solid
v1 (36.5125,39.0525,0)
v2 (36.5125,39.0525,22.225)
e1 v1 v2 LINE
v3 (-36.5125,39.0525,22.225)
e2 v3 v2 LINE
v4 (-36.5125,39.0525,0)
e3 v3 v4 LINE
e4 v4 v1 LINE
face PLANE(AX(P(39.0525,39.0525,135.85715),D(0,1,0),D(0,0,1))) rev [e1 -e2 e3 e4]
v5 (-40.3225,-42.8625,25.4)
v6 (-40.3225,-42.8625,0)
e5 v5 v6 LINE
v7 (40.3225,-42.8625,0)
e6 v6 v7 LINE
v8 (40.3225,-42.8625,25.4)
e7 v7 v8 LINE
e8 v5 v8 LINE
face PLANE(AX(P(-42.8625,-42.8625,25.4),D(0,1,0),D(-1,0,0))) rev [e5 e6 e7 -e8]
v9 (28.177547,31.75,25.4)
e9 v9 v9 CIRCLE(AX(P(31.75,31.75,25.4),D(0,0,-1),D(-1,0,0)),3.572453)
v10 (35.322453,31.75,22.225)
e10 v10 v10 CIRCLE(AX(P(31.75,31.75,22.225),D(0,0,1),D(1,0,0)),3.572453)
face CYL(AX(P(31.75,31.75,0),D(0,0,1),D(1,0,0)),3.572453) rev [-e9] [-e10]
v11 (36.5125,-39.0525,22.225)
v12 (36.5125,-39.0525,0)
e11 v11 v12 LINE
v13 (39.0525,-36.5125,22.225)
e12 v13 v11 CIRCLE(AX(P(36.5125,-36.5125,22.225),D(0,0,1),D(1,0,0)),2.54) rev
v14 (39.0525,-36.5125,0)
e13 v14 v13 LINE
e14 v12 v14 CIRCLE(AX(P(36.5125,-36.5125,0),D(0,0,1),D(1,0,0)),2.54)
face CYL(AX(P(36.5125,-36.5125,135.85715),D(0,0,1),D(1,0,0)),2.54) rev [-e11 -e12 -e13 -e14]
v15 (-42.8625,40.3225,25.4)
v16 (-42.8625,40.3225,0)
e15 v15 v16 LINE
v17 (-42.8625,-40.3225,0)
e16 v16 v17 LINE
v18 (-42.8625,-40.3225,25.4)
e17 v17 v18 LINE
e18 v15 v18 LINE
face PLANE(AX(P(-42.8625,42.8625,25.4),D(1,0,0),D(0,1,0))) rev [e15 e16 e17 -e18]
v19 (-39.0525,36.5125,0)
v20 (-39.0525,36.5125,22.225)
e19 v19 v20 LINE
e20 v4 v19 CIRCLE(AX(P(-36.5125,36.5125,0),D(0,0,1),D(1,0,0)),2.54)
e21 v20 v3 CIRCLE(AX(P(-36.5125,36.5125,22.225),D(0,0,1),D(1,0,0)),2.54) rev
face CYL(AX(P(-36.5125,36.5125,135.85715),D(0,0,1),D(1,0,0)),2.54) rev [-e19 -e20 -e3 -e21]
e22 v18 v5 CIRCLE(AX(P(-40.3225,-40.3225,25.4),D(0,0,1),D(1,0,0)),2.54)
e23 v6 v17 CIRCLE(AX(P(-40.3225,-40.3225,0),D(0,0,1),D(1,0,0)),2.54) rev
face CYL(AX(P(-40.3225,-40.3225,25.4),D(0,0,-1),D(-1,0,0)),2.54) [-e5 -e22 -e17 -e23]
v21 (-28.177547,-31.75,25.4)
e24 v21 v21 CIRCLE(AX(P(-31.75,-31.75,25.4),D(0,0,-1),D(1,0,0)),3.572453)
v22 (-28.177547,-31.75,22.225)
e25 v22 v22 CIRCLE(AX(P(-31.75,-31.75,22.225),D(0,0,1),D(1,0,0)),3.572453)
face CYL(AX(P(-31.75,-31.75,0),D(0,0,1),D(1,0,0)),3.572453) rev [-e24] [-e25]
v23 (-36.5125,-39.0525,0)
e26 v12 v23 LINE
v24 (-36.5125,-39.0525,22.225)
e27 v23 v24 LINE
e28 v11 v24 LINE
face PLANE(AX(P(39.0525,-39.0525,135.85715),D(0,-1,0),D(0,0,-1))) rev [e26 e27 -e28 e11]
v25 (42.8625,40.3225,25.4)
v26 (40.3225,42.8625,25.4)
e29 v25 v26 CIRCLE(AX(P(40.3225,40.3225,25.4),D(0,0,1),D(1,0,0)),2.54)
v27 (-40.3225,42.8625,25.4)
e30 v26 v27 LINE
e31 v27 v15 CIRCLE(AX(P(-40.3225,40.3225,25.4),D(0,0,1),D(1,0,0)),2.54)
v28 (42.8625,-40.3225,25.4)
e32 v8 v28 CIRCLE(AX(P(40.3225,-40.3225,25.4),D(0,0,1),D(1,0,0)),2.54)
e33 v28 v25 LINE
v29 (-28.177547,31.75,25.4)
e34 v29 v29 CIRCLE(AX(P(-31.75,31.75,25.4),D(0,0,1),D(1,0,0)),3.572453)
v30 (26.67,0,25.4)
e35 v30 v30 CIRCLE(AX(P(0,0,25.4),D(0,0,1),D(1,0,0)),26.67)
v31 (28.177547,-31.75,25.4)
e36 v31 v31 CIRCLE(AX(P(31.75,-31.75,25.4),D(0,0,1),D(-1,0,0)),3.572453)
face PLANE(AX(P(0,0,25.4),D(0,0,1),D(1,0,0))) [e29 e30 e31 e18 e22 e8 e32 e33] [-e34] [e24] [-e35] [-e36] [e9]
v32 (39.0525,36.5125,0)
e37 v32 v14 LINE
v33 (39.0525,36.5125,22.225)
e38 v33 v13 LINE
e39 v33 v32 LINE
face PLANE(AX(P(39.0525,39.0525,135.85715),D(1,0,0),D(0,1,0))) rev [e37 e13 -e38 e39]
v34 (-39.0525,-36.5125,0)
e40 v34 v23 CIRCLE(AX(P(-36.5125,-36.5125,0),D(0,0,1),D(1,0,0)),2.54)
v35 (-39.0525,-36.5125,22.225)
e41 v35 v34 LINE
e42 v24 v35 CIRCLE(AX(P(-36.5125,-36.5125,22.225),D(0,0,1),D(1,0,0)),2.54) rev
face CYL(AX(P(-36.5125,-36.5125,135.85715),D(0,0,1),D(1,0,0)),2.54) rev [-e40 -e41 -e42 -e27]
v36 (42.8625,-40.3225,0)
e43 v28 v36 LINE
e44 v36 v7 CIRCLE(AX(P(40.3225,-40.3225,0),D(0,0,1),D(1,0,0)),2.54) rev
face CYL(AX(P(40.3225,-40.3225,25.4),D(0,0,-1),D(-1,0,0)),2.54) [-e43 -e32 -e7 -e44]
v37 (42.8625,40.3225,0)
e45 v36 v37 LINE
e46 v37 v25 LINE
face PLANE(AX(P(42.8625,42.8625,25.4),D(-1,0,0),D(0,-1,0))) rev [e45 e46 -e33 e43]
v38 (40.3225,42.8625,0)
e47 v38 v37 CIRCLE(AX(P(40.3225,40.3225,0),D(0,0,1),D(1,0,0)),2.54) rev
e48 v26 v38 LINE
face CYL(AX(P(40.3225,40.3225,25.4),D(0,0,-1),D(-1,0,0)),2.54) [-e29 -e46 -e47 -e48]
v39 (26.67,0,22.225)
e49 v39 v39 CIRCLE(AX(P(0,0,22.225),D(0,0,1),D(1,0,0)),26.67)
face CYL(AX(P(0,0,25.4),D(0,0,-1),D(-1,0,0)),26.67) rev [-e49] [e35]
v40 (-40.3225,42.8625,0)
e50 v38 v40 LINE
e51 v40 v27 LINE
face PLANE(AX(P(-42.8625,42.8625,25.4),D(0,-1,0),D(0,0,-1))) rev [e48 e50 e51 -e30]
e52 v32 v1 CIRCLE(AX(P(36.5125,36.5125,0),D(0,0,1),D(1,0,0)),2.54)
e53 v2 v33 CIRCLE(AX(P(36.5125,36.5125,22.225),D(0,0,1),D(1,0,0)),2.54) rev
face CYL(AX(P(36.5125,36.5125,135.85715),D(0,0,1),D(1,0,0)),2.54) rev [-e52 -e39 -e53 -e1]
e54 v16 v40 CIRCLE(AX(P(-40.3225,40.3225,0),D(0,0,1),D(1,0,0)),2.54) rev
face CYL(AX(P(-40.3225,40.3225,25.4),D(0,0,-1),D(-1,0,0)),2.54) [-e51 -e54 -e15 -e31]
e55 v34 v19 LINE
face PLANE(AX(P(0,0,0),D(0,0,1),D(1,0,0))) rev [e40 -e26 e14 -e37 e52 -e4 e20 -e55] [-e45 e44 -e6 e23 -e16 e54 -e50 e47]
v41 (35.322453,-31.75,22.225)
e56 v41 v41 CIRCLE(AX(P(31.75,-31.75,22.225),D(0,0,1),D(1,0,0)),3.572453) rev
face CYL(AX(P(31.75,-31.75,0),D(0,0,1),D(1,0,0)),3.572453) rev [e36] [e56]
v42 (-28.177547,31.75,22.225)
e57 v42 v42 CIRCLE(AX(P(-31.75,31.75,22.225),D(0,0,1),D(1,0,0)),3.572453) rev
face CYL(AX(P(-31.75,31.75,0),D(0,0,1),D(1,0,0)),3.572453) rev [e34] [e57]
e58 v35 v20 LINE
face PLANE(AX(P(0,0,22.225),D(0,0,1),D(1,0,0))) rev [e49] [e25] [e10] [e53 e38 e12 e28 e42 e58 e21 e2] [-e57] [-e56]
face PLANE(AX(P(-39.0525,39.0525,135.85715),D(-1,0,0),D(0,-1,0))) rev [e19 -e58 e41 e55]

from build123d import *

# Parameters (mm, degrees)
SKETCH1_W               = 85.725
SKETCH1_H               = 85.725
SKETCH1_R               = 26.67
BOSS_EXTRUDE1_DEPTH     = 25.4
SKETCH2_R               = 3.572453457
CUT_EXTRUDE1_DEPTH      = 26.4
MIRROR2_COPY_1_SKETCH_R = 3.572453457
MIRROR2_COPY_1_DEPTH    = 26.4
SKETCH3_W               = 78.105
SKETCH3_H               = 78.105
CUT_EXTRUDE2_DEPTH      = 22.225
FILLET1_R               = 2.54


with BuildPart() as part:
    # Sketch1 → Boss-Extrude1 (new body)
    with BuildSketch(Plane.XY):
        Rectangle(SKETCH1_W, SKETCH1_H)
        Circle(SKETCH1_R, mode=Mode.SUBTRACT)
    extrude(amount=BOSS_EXTRUDE1_DEPTH)

    # Sketch2 → Cut-Extrude1 (cut, through all)
    with BuildSketch(Plane.XY.offset(25.4)):
        with Locations((-31.75, 31.75)):
            Circle(SKETCH2_R)
    cut_extrude1 = extrude(amount=-CUT_EXTRUDE1_DEPTH, mode=Mode.SUBTRACT)

    # Mirror1: Cut-Extrude1 across plane
    add(cut_extrude1.mirror(Plane(origin=(0, 0, 0), x_dir=(0, 0, 1), z_dir=(1, 0, 0))), mode=Mode.SUBTRACT)

    # Mirror2: Cut-Extrude1 across plane
    add(cut_extrude1.mirror(Plane.ZX), mode=Mode.SUBTRACT)

    # Mirror2 copy 1 sketch → Mirror2 copy 1 (cut, through all)
    with BuildSketch(Plane(origin=(0, 0, 25.4), x_dir=(-1, 0, 0), z_dir=(0, 0, 1))):
        with Locations((-31.75, 31.75)):
            Circle(MIRROR2_COPY_1_SKETCH_R)
    extrude(amount=-MIRROR2_COPY_1_DEPTH, mode=Mode.SUBTRACT)

    # Sketch3 → Cut-Extrude2 (cut)
    with BuildSketch(Plane(origin=(0, 0, 0), x_dir=(-1, 0, 0), z_dir=(0, 0, -1))):
        Rectangle(SKETCH3_W, SKETCH3_H)
    extrude(amount=-CUT_EXTRUDE2_DEPTH, mode=Mode.SUBTRACT)

    # Fillet1
    fillet1_edges = [part.edges().sort_by_distance(p)[0] for p in [
        (-39.0525, -39.0525, 11.1125),
        (-39.0525, 39.0525, 11.1125),
        (39.0525, 39.0525, 11.1125),
        (39.0525, -39.0525, 11.1125),
        (-42.8625, 42.8625, 12.7),
        (42.8625, 42.8625, 12.7),
        (42.8625, -42.8625, 12.7),
        (-42.8625, -42.8625, 12.7),
    ]]
    fillet(fillet1_edges, radius=FILLET1_R)


solid = part.part
